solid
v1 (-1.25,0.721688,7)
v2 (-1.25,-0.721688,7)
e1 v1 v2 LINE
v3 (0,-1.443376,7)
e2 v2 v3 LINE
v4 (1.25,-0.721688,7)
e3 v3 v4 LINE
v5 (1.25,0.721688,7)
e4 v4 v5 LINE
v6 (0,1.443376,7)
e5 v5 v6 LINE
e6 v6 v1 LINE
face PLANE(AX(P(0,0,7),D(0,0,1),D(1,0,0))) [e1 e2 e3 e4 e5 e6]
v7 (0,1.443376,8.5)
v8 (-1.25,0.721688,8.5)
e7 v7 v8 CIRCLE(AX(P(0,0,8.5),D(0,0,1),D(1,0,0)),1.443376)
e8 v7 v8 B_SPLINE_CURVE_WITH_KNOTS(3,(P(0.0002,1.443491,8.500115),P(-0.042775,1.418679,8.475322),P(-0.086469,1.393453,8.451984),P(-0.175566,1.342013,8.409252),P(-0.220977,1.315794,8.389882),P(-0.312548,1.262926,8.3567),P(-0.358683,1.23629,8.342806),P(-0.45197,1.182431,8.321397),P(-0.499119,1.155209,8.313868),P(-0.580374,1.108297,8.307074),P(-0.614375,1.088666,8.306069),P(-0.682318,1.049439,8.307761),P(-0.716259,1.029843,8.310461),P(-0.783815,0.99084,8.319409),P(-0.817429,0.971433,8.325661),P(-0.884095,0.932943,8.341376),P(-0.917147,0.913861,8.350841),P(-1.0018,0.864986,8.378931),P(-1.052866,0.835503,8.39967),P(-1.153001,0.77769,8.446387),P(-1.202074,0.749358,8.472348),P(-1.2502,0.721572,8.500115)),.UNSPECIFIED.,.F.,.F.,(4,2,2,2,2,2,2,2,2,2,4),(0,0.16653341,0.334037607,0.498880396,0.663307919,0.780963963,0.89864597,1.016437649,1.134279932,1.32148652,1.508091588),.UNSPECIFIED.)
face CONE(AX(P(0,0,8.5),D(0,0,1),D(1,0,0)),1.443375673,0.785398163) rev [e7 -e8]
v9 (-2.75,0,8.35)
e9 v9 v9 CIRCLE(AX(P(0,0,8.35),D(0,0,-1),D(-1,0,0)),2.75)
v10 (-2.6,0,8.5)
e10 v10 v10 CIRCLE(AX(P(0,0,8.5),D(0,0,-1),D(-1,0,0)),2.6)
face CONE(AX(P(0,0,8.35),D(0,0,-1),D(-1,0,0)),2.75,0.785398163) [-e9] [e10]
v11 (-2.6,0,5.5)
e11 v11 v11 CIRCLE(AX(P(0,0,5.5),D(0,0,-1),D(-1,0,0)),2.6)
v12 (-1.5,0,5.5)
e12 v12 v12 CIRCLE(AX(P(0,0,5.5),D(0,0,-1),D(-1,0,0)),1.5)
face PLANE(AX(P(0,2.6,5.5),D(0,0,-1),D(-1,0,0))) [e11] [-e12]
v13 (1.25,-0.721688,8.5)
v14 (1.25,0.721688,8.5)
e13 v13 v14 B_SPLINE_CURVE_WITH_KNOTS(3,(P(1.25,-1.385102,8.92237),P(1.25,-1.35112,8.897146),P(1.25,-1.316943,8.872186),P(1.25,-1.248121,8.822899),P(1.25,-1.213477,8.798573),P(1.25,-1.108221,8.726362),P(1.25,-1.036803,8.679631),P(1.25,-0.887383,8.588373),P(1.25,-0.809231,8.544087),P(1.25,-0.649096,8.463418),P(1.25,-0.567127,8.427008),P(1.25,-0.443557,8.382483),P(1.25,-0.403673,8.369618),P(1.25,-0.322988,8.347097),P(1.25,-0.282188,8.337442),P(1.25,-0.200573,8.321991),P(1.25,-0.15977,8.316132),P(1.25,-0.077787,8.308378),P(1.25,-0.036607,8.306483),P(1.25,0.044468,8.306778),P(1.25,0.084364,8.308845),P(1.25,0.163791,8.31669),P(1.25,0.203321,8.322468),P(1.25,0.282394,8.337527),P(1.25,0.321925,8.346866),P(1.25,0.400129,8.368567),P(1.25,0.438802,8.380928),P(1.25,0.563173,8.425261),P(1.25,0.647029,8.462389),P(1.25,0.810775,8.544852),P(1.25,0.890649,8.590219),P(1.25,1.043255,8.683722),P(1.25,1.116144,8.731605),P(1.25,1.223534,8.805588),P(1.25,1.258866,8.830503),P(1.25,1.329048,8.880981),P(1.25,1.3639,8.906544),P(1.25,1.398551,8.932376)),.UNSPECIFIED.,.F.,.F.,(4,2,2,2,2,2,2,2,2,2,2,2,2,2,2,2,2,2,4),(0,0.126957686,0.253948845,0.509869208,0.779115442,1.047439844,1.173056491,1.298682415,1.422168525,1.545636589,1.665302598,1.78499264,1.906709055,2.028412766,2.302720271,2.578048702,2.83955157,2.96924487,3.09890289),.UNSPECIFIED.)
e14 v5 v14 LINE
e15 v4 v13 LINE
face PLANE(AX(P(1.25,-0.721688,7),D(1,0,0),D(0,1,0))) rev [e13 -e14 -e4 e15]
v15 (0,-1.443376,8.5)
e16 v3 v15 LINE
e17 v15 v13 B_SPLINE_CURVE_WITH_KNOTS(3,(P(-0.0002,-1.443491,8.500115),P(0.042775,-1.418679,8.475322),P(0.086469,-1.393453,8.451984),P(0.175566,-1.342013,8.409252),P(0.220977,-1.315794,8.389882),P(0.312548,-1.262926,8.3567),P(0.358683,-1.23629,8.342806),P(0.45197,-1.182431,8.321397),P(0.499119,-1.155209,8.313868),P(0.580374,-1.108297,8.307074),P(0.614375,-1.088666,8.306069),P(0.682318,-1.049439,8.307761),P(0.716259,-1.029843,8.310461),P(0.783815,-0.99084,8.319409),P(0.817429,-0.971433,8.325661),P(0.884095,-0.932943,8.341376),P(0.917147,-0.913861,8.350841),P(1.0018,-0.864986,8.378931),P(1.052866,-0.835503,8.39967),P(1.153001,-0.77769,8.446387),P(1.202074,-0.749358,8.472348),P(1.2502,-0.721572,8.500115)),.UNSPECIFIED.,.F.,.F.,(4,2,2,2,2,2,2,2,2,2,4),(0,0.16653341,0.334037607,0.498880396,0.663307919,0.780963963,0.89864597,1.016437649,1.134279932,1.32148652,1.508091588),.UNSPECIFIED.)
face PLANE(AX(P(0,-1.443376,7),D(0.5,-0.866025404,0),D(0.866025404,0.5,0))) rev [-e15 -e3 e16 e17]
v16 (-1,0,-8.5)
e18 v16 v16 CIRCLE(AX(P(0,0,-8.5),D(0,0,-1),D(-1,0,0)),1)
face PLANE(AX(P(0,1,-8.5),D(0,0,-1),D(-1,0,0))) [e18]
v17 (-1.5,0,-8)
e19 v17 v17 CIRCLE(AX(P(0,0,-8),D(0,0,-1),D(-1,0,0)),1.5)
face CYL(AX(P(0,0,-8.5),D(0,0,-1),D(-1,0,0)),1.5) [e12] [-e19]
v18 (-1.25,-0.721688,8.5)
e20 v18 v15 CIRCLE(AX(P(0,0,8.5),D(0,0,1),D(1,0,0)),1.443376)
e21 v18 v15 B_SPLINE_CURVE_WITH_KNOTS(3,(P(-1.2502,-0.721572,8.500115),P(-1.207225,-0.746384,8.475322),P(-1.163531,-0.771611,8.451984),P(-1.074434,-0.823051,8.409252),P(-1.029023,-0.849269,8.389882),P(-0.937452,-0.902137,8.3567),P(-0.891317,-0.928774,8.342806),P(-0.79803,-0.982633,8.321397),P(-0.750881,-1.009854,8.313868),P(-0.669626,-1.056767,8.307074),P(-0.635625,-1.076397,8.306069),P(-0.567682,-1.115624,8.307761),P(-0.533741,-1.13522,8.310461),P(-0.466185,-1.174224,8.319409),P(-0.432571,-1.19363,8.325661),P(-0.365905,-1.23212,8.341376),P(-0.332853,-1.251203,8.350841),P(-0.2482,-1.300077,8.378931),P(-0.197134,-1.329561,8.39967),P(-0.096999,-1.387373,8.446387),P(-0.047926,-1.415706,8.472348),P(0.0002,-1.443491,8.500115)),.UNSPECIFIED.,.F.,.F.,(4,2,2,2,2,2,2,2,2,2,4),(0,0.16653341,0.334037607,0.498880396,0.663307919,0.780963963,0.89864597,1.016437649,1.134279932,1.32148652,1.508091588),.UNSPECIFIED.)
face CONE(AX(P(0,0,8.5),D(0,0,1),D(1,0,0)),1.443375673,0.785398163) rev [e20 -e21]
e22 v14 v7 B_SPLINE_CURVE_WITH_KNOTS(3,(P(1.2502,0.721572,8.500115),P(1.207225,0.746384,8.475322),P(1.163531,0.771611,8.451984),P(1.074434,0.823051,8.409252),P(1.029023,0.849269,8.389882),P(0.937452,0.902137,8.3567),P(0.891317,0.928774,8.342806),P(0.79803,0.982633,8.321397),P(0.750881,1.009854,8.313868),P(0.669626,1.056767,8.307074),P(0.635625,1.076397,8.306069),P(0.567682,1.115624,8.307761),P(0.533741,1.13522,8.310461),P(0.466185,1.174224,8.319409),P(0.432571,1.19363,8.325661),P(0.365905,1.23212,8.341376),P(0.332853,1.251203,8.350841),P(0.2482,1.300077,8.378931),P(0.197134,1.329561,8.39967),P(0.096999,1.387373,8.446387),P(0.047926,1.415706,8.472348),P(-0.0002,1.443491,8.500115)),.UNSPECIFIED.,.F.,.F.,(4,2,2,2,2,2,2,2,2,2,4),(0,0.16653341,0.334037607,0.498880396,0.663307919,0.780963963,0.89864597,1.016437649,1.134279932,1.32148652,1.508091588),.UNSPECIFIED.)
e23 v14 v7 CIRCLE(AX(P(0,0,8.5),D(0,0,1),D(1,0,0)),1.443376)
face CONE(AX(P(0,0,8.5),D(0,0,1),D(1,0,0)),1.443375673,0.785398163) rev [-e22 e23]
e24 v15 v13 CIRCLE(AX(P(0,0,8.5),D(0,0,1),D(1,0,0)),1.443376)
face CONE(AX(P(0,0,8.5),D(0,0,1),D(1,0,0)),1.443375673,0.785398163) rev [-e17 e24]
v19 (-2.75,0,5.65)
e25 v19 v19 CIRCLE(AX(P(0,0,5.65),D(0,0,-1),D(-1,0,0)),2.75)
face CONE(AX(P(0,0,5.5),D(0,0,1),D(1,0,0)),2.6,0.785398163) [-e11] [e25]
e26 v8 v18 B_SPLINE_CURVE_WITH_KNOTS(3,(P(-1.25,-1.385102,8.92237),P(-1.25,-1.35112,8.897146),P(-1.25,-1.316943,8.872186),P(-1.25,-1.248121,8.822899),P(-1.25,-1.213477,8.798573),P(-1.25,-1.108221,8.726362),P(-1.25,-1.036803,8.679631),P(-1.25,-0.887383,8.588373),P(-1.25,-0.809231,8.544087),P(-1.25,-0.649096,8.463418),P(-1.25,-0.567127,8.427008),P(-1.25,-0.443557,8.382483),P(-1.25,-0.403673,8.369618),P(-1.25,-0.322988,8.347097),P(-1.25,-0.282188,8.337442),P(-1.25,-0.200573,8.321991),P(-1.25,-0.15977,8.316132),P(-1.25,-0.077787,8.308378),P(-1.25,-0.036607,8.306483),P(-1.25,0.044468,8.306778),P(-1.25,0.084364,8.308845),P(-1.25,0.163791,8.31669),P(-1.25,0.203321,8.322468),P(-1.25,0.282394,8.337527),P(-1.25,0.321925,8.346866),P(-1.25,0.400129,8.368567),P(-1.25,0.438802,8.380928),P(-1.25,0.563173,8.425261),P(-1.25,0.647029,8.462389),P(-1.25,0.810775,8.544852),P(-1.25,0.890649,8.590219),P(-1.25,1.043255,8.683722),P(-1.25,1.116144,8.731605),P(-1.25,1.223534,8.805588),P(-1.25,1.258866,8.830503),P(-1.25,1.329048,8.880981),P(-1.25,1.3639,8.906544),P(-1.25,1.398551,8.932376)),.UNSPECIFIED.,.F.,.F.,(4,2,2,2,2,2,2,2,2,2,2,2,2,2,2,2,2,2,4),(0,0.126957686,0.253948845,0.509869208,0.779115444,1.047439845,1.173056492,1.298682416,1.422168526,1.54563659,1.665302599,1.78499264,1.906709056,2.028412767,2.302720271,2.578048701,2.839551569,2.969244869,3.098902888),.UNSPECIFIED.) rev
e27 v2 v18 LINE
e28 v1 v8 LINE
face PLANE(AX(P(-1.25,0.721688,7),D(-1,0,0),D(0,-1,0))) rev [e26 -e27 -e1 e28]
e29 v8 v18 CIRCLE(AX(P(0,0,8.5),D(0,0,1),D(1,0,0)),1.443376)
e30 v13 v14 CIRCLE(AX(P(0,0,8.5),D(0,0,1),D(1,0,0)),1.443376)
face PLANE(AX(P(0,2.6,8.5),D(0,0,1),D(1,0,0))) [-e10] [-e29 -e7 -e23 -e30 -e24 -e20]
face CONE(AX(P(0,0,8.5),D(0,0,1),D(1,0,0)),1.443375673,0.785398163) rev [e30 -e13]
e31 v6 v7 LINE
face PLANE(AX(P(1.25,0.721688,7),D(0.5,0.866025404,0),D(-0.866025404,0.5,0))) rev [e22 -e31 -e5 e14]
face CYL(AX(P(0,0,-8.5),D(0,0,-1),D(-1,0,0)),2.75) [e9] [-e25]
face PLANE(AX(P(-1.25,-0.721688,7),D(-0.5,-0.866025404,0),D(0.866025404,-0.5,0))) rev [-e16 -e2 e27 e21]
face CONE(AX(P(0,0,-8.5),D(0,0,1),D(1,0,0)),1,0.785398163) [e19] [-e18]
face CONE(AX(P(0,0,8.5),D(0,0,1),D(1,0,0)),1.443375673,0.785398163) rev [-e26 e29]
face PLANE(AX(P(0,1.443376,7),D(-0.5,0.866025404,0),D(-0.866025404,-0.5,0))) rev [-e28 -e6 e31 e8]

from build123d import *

# Parameters (mm, degrees)
CUT_EXTRUDE1_START = -1.5
CUT_EXTRUDE1_DEPTH = 1.5
SKETCH4_R          = 1.443375673
CUT_EXTRUDE2_DEPTH = 0.5
CUT_EXTRUDE2_DRAFT = -45


with BuildPart() as part:
    # Sketch2 → Revolve1 (revolve)
    with BuildSketch(Plane(origin=(0, 0, 0), x_dir=(0, 0, -1), z_dir=(1, 0, 0)), mode=Mode.PRIVATE) as revolve1_sk:
        Polygon((-8.35, 2.75), (-5.65, 2.75), (-5.5, 2.6), (-5.5, 1.5), (8, 1.5), (8.5, 1), (8.5, 0), (-8.5, 0), (-8.5, 2.6), align=None)
    revolve(revolve1_sk.sketch.rotate(Axis((0, 0, -8.5), (0, 0, 1)), 90), axis=Axis((0, 0, -8.5), (0, 0, 1)))

    # Sketch3 → Cut-Extrude1 (cut)
    with BuildSketch(Plane.XY.offset(8.5).offset(CUT_EXTRUDE1_START)):
        Polygon((0, 1.443375673), (-1.25, 0.721687836), (-1.25, -0.721687836), (0, -1.443375673), (1.25, -0.721687836), (1.25, 0.721687836), align=None)
    extrude(amount=CUT_EXTRUDE1_DEPTH, mode=Mode.SUBTRACT)


with BuildPart() as cut_extrude2_tool:
    # Sketch4 → Cut-Extrude2 (with draft: the straight prism first)
    with BuildSketch(Plane.XY.offset(8.5)):
        Circle(SKETCH4_R)
    extrude(amount=-CUT_EXTRUDE2_DEPTH)
    # Cut-Extrude2: the draft: its side faces are tilted about the plane it starts from
    cut_extrude2_sides = [cut_extrude2_tool.faces().sort_by_distance(p)[0] for p in [
        (-1.443375673, 0, 8.25),
    ]]
    draft(cut_extrude2_sides, Plane.XY.offset(8.5), CUT_EXTRUDE2_DRAFT)


with BuildPart() as part_1:
    add(part.part)

    # Cut-Extrude2: cut by cut_extrude2_tool
    add(cut_extrude2_tool.part, mode=Mode.SUBTRACT)


solid = part_1.part
